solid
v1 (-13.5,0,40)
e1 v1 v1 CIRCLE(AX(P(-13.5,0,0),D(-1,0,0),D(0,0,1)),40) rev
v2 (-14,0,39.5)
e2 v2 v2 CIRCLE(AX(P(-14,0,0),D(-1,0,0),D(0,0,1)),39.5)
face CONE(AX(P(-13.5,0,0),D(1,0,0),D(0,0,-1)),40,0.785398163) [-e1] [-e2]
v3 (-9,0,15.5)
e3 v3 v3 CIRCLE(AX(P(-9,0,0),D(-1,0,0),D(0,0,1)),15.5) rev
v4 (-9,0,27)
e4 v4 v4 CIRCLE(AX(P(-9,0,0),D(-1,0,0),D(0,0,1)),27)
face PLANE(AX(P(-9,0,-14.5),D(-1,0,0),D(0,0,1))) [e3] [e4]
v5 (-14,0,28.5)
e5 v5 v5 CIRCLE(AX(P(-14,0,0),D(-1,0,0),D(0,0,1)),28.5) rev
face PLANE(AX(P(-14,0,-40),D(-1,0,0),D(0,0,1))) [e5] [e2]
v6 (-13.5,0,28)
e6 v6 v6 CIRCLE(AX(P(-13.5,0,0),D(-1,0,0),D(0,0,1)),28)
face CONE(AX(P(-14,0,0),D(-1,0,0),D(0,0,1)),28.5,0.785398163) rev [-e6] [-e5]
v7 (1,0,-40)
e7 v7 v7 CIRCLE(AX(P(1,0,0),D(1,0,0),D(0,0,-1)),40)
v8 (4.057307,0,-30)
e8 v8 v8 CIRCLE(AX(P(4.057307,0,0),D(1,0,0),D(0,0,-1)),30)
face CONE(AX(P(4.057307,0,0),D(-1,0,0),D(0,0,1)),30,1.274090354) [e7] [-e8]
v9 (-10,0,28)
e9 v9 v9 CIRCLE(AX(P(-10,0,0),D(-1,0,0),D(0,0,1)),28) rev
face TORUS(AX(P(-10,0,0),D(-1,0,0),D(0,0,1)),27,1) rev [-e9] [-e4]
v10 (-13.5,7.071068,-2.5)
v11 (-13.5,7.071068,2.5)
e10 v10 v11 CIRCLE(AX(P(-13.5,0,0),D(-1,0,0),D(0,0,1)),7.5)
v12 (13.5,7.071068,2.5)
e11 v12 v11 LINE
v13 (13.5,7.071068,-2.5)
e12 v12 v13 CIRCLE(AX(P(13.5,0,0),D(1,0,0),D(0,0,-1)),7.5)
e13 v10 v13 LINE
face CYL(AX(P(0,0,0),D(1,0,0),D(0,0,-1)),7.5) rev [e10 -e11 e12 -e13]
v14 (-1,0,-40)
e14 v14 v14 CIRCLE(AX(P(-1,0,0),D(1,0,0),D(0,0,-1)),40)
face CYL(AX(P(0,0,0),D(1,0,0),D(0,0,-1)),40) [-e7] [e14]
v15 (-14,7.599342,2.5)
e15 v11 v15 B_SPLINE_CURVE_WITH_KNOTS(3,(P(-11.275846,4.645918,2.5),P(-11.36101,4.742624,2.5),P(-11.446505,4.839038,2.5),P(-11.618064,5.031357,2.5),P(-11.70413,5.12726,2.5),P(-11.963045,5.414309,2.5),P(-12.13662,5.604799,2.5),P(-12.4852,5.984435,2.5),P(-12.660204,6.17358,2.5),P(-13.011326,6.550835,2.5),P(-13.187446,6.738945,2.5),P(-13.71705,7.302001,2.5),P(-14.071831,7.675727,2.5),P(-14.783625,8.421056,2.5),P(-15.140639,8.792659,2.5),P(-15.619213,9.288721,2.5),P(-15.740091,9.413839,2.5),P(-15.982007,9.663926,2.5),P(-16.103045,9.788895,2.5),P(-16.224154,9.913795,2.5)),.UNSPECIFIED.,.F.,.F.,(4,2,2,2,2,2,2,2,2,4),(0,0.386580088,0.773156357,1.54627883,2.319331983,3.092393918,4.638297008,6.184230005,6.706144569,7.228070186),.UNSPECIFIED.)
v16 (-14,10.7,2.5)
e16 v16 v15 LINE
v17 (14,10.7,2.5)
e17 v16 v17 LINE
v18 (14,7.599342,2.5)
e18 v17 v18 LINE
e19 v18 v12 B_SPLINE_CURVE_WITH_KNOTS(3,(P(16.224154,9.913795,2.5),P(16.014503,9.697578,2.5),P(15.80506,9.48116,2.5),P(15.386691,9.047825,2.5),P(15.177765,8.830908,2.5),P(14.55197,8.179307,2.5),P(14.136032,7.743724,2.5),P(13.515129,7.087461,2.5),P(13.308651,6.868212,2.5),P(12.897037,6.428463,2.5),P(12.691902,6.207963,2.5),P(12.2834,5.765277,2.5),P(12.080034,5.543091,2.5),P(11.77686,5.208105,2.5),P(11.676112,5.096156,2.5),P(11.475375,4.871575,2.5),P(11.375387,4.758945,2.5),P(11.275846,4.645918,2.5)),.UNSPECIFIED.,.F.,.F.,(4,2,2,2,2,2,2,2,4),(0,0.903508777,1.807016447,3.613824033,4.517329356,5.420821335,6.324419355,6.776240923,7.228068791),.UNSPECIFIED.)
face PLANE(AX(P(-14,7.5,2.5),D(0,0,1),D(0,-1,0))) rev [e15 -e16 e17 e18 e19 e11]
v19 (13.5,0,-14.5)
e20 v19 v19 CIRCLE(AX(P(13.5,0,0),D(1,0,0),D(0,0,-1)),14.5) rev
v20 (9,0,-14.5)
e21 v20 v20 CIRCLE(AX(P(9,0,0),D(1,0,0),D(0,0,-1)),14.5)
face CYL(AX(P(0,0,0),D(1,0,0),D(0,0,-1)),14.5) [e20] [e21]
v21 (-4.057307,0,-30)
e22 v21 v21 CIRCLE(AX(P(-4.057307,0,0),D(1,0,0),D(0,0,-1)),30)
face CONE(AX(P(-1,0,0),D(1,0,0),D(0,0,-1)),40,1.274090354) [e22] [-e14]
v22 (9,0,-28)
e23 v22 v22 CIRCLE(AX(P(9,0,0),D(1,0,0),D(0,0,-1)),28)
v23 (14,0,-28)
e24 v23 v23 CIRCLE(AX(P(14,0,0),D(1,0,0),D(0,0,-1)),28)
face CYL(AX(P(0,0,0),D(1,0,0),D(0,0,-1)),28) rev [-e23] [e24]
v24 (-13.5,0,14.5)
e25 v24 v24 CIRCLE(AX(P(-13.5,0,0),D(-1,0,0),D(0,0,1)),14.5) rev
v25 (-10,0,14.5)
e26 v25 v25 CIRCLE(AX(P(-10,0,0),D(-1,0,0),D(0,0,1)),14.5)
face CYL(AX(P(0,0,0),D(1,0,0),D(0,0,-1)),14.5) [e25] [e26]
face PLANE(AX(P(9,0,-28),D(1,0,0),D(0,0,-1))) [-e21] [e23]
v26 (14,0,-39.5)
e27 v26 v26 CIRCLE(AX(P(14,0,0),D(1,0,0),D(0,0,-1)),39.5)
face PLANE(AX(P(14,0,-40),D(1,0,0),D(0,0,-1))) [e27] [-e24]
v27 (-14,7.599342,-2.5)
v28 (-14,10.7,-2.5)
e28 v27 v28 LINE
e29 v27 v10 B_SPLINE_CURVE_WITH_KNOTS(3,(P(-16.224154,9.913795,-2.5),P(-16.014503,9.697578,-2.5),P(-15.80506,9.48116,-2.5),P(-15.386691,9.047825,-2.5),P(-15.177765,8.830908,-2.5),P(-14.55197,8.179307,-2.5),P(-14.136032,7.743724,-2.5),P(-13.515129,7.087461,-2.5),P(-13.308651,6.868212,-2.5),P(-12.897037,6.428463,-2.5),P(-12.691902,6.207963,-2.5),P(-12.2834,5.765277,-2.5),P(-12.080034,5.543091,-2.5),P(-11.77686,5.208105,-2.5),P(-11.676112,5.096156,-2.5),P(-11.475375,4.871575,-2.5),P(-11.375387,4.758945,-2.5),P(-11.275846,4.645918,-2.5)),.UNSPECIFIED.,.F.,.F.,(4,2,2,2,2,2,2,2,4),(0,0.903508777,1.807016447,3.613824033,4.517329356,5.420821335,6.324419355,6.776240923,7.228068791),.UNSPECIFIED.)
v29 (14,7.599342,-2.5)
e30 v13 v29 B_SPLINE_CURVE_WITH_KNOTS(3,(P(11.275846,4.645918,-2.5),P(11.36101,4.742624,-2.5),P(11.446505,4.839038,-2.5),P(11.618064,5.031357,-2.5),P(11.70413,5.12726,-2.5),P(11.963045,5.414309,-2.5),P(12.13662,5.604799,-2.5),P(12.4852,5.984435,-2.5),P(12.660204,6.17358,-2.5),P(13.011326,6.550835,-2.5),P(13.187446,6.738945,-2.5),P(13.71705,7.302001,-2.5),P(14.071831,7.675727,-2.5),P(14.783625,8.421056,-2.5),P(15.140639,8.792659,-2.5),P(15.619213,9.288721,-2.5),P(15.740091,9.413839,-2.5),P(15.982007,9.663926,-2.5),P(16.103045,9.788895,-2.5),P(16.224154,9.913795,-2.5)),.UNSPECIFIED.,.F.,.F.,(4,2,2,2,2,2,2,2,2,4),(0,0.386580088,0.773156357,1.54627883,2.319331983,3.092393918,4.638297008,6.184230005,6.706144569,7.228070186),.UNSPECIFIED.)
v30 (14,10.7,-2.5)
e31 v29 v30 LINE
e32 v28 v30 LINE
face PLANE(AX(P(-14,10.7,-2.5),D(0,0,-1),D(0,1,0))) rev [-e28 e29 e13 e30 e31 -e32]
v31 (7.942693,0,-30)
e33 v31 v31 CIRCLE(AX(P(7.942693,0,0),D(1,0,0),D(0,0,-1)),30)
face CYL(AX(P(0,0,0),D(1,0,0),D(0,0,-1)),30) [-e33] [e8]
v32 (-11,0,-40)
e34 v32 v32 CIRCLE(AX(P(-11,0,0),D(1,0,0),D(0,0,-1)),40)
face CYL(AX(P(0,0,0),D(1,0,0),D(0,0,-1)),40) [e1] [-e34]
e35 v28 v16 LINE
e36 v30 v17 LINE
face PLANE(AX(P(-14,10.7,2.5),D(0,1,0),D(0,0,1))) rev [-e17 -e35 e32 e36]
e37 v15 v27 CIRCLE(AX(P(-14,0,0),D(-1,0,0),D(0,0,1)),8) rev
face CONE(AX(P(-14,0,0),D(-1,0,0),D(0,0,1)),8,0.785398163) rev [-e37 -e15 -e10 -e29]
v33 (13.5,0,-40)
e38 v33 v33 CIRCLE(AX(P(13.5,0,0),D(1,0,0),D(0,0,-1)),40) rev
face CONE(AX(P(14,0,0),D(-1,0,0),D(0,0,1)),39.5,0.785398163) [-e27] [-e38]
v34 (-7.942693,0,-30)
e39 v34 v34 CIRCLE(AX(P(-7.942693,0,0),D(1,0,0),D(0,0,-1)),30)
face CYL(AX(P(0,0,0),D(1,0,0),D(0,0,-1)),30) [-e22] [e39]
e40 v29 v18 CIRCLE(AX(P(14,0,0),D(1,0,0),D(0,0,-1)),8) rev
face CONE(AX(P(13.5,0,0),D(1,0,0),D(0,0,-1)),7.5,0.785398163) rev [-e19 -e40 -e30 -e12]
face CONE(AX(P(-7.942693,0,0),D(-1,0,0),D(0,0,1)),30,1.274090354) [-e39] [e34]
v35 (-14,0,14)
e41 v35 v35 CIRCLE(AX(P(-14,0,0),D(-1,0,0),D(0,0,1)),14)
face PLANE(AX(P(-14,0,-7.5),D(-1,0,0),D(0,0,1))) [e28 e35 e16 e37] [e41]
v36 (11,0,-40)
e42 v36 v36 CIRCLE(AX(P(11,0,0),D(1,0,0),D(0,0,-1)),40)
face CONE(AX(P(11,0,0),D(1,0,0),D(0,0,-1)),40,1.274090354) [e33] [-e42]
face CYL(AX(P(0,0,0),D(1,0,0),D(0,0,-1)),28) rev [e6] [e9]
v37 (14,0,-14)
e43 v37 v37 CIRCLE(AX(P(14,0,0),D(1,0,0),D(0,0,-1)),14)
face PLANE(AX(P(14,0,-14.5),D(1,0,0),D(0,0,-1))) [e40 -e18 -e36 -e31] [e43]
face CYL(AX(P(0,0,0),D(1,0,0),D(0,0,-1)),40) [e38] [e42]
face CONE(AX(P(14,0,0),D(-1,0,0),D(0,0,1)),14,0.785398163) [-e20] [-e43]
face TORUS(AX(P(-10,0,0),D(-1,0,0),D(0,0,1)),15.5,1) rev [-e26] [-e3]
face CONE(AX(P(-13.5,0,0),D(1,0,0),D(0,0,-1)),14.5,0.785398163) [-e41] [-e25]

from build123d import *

# Parameters (mm, degrees)
CHAMFER1_SIZE      = 0.5
CHAMFER2_SIZE      = 0.5
FILLET2_R          = 1
CUT_EXTRUDE1_DEPTH = 64.118935352


with BuildPart() as part:
    # Sketch1 → Revolve1 (revolve)
    with BuildSketch(Plane(origin=(0, 0, 0), x_dir=(1, 0, 0), z_dir=(0, 1, 0))):
        Polygon((-14, 40), (-14, 28), (-9, 28), (-9, 14.5), (-14, 14.5), (-14, 7.5), (14, 7.5), (14, 14.5), (9, 14.5), (9, 28), (14, 28), (14, 40), (11, 40), (7.942693185, 30), (4.057306815, 30), (1, 40), (-1, 40), (-4.057306815, 30), (-7.942693185, 30), (-11, 40), align=None)
    revolve(axis=Axis((0, 0, 0), (-1, 0, 0)))

    # Chamfer1
    chamfer1_edges = [part.edges().sort_by_distance(p)[0] for p in [
        (14, 0, 7.5),
        (14, 0, 14.5),
        (14, 0, 40),
    ]]
    chamfer(chamfer1_edges, length=CHAMFER1_SIZE)

    # Chamfer2
    chamfer2_edges = [part.edges().sort_by_distance(p)[0] for p in [
        (-14, 0, 40),
        (-14, 0, 28),
        (-14, 0, 14.5),
        (-14, 0, 7.5),
    ]]
    chamfer(chamfer2_edges, length=CHAMFER2_SIZE)

    # Fillet2
    fillet2_edges = [part.edges().sort_by_distance(p)[0] for p in [
        (-9, 0, 28),
        (-9, 0, 14.5),
    ]]
    fillet(fillet2_edges, radius=FILLET2_R)

    # Sketch2 → Cut-Extrude1 (cut, through all)
    with BuildSketch(Plane(origin=(14, 0, 0), x_dir=(0, 0, -1), z_dir=(1, 0, 0))):
        Polygon((-2.5, 7.5), (-2.5, 5.832980878), (2.5, 5.832980878), (2.5, 7.5), (2.5, 10.7), (-2.5, 10.7), align=None)
    extrude(amount=-CUT_EXTRUDE1_DEPTH, mode=Mode.SUBTRACT)


solid = part.part
